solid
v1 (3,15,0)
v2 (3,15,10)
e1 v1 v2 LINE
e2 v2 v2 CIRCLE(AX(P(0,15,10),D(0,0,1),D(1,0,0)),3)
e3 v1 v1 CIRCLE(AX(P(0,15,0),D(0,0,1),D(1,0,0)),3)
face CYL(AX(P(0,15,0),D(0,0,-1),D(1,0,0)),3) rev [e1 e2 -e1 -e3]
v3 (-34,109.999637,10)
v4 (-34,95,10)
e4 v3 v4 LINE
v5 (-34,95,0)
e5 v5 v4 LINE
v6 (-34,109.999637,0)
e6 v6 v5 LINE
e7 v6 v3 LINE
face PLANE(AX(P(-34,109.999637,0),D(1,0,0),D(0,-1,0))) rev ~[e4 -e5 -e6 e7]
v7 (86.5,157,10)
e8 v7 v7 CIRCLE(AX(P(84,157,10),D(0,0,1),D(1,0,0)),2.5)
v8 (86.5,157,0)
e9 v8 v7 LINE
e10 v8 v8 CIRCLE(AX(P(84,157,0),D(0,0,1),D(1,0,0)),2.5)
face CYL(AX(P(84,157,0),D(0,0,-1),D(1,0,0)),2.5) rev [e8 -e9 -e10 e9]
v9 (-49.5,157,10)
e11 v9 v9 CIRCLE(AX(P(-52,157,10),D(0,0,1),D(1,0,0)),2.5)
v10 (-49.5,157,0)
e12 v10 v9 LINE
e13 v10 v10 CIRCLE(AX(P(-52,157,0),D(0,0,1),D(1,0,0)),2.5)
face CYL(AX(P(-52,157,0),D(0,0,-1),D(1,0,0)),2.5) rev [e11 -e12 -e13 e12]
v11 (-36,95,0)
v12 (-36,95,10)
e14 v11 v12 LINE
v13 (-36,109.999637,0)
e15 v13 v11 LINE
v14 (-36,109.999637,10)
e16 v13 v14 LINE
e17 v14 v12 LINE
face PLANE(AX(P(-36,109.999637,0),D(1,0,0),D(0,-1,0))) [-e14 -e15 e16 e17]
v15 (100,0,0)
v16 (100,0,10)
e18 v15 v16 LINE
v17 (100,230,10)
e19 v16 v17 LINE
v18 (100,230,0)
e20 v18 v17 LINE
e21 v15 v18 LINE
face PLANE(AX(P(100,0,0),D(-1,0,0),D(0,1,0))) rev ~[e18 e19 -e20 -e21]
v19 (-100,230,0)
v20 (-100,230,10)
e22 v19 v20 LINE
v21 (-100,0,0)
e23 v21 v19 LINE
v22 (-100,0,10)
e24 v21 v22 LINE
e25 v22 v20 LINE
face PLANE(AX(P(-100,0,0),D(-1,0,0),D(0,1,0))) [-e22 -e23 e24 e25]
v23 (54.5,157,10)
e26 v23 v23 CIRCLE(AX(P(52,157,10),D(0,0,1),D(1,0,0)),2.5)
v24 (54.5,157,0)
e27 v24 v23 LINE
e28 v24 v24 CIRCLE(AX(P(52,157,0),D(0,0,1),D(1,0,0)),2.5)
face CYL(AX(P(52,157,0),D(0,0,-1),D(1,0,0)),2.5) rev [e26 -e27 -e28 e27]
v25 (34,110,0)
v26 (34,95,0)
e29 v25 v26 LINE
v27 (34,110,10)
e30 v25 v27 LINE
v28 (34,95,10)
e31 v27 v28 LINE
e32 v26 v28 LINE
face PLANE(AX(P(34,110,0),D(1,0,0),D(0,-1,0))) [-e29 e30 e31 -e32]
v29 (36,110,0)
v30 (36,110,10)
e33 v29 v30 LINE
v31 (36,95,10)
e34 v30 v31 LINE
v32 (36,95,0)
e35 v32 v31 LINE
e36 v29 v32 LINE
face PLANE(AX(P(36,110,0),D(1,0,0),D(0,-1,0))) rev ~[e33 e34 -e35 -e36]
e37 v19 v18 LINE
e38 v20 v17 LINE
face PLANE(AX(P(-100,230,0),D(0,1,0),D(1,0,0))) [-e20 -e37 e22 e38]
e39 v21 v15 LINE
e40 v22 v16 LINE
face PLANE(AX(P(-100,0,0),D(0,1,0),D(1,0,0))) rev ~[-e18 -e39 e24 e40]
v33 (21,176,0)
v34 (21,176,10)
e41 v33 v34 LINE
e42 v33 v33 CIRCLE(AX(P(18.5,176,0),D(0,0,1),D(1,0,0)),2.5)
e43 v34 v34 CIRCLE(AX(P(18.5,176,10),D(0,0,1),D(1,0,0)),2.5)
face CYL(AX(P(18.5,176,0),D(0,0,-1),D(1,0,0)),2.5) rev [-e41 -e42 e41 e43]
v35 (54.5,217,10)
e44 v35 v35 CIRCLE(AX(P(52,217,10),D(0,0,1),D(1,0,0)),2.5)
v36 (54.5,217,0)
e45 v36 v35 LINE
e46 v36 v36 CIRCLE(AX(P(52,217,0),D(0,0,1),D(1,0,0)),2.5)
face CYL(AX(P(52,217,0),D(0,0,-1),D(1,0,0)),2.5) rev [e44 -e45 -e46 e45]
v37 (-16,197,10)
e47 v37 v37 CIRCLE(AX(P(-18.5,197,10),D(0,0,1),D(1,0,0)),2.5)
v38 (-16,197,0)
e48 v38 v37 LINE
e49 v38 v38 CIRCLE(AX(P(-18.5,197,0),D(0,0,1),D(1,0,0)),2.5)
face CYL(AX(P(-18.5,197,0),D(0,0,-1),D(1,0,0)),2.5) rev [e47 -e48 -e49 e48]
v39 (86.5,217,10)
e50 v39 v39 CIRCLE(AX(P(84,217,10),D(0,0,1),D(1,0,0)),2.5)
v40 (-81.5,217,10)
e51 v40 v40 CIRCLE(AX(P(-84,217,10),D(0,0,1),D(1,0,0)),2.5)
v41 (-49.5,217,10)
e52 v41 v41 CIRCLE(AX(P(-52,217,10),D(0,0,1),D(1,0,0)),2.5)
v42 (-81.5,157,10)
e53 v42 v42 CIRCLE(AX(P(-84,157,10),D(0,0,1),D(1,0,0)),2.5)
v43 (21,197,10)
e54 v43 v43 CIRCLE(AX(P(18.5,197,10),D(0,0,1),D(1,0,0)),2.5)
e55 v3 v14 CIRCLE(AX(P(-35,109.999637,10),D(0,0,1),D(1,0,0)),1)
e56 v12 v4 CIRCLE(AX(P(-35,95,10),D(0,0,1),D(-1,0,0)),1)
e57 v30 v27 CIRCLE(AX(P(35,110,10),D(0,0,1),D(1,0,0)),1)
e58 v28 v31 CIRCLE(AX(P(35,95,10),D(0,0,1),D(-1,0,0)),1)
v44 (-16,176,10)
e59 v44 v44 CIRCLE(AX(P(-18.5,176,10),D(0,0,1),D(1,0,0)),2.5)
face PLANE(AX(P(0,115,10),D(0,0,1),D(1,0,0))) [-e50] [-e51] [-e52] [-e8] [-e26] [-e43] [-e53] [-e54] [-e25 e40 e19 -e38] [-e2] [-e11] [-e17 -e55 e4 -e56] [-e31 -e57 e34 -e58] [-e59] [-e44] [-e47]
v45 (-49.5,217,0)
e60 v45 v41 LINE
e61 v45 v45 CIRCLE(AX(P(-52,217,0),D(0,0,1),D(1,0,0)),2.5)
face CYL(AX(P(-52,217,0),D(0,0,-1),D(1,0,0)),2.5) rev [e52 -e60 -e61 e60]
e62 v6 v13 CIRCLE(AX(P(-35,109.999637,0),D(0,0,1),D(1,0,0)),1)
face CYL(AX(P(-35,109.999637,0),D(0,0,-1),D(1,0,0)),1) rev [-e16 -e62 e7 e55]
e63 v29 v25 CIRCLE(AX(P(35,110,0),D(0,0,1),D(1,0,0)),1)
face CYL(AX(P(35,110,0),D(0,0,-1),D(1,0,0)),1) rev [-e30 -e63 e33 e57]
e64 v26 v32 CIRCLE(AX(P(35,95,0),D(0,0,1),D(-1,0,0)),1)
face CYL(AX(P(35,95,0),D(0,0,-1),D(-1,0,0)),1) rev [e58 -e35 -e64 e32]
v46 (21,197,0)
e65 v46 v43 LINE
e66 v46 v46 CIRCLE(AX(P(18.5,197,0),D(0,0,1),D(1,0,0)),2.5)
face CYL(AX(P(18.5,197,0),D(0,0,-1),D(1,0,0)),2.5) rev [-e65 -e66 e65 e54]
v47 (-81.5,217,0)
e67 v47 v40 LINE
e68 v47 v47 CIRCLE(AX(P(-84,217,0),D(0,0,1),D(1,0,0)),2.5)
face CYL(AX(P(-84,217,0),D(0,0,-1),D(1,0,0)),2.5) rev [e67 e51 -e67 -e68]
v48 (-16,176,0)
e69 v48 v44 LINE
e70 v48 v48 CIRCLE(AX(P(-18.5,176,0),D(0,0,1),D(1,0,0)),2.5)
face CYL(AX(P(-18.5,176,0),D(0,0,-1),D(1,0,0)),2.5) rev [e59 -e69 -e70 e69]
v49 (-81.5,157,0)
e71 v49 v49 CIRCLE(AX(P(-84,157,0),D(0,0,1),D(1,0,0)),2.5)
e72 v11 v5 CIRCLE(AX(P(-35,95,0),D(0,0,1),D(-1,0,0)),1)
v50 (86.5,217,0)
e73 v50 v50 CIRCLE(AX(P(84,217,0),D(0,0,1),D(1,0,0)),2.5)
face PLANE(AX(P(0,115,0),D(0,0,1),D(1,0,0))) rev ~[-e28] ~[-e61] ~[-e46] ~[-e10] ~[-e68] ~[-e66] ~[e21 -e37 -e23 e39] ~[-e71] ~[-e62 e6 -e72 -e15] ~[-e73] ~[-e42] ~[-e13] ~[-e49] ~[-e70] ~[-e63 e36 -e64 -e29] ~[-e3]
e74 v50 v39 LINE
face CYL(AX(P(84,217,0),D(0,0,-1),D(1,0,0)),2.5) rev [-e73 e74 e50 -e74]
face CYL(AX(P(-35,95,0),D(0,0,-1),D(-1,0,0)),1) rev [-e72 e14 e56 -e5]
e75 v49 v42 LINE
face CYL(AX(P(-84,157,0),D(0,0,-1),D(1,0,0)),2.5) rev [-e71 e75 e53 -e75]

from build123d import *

# Parameters (mm, degrees)
SKETCH_W   = 200
SKETCH_H   = 230
SKETCH_R   = 3
SKETCH_R_2 = 2.5
PAD_DEPTH  = 10


with BuildPart() as part:
    # Sketch → Pad (new body)
    with BuildSketch(Plane.XY):
        with Locations((0, 115)):
            Rectangle(SKETCH_W, SKETCH_H)
        with Locations((0, 15)):
            Circle(SKETCH_R, mode=Mode.SUBTRACT)
        with Locations((84, 217)):
            Circle(SKETCH_R_2, mode=Mode.SUBTRACT)
        with Locations((84, 157)):
            Circle(SKETCH_R_2, mode=Mode.SUBTRACT)
        with Locations((52, 157)):
            Circle(SKETCH_R_2, mode=Mode.SUBTRACT)
        with Locations((52, 217)):
            Circle(SKETCH_R_2, mode=Mode.SUBTRACT)
        with Locations((-84, 217)):
            Circle(SKETCH_R_2, mode=Mode.SUBTRACT)
        with Locations((-52, 217)):
            Circle(SKETCH_R_2, mode=Mode.SUBTRACT)
        with Locations((-84, 157)):
            Circle(SKETCH_R_2, mode=Mode.SUBTRACT)
        with Locations((-52, 157)):
            Circle(SKETCH_R_2, mode=Mode.SUBTRACT)
        with Locations((-18.5, 197)):
            Circle(SKETCH_R_2, mode=Mode.SUBTRACT)
        with Locations((18.5, 197)):
            Circle(SKETCH_R_2, mode=Mode.SUBTRACT)
        with Locations((-18.5, 176)):
            Circle(SKETCH_R_2, mode=Mode.SUBTRACT)
        with Locations((18.5, 176)):
            Circle(SKETCH_R_2, mode=Mode.SUBTRACT)
        with BuildLine():
            ThreePointArc((36, 110), (35, 111), (34, 110))
            Line((34, 110), (34, 95))
            ThreePointArc((34, 95), (35, 94), (36, 95))
            Line((36, 110), (36, 95))
        make_face(mode=Mode.SUBTRACT)
        with BuildLine():
            ThreePointArc((-34, 109.999637), (-35, 110.999637), (-36, 109.999637))
            Line((-36, 109.999637), (-36, 95))
            ThreePointArc((-36, 95), (-35, 94), (-34, 95))
            Line((-34, 109.999637), (-34, 95))
        make_face(mode=Mode.SUBTRACT)
    extrude(amount=PAD_DEPTH)


solid = part.part
